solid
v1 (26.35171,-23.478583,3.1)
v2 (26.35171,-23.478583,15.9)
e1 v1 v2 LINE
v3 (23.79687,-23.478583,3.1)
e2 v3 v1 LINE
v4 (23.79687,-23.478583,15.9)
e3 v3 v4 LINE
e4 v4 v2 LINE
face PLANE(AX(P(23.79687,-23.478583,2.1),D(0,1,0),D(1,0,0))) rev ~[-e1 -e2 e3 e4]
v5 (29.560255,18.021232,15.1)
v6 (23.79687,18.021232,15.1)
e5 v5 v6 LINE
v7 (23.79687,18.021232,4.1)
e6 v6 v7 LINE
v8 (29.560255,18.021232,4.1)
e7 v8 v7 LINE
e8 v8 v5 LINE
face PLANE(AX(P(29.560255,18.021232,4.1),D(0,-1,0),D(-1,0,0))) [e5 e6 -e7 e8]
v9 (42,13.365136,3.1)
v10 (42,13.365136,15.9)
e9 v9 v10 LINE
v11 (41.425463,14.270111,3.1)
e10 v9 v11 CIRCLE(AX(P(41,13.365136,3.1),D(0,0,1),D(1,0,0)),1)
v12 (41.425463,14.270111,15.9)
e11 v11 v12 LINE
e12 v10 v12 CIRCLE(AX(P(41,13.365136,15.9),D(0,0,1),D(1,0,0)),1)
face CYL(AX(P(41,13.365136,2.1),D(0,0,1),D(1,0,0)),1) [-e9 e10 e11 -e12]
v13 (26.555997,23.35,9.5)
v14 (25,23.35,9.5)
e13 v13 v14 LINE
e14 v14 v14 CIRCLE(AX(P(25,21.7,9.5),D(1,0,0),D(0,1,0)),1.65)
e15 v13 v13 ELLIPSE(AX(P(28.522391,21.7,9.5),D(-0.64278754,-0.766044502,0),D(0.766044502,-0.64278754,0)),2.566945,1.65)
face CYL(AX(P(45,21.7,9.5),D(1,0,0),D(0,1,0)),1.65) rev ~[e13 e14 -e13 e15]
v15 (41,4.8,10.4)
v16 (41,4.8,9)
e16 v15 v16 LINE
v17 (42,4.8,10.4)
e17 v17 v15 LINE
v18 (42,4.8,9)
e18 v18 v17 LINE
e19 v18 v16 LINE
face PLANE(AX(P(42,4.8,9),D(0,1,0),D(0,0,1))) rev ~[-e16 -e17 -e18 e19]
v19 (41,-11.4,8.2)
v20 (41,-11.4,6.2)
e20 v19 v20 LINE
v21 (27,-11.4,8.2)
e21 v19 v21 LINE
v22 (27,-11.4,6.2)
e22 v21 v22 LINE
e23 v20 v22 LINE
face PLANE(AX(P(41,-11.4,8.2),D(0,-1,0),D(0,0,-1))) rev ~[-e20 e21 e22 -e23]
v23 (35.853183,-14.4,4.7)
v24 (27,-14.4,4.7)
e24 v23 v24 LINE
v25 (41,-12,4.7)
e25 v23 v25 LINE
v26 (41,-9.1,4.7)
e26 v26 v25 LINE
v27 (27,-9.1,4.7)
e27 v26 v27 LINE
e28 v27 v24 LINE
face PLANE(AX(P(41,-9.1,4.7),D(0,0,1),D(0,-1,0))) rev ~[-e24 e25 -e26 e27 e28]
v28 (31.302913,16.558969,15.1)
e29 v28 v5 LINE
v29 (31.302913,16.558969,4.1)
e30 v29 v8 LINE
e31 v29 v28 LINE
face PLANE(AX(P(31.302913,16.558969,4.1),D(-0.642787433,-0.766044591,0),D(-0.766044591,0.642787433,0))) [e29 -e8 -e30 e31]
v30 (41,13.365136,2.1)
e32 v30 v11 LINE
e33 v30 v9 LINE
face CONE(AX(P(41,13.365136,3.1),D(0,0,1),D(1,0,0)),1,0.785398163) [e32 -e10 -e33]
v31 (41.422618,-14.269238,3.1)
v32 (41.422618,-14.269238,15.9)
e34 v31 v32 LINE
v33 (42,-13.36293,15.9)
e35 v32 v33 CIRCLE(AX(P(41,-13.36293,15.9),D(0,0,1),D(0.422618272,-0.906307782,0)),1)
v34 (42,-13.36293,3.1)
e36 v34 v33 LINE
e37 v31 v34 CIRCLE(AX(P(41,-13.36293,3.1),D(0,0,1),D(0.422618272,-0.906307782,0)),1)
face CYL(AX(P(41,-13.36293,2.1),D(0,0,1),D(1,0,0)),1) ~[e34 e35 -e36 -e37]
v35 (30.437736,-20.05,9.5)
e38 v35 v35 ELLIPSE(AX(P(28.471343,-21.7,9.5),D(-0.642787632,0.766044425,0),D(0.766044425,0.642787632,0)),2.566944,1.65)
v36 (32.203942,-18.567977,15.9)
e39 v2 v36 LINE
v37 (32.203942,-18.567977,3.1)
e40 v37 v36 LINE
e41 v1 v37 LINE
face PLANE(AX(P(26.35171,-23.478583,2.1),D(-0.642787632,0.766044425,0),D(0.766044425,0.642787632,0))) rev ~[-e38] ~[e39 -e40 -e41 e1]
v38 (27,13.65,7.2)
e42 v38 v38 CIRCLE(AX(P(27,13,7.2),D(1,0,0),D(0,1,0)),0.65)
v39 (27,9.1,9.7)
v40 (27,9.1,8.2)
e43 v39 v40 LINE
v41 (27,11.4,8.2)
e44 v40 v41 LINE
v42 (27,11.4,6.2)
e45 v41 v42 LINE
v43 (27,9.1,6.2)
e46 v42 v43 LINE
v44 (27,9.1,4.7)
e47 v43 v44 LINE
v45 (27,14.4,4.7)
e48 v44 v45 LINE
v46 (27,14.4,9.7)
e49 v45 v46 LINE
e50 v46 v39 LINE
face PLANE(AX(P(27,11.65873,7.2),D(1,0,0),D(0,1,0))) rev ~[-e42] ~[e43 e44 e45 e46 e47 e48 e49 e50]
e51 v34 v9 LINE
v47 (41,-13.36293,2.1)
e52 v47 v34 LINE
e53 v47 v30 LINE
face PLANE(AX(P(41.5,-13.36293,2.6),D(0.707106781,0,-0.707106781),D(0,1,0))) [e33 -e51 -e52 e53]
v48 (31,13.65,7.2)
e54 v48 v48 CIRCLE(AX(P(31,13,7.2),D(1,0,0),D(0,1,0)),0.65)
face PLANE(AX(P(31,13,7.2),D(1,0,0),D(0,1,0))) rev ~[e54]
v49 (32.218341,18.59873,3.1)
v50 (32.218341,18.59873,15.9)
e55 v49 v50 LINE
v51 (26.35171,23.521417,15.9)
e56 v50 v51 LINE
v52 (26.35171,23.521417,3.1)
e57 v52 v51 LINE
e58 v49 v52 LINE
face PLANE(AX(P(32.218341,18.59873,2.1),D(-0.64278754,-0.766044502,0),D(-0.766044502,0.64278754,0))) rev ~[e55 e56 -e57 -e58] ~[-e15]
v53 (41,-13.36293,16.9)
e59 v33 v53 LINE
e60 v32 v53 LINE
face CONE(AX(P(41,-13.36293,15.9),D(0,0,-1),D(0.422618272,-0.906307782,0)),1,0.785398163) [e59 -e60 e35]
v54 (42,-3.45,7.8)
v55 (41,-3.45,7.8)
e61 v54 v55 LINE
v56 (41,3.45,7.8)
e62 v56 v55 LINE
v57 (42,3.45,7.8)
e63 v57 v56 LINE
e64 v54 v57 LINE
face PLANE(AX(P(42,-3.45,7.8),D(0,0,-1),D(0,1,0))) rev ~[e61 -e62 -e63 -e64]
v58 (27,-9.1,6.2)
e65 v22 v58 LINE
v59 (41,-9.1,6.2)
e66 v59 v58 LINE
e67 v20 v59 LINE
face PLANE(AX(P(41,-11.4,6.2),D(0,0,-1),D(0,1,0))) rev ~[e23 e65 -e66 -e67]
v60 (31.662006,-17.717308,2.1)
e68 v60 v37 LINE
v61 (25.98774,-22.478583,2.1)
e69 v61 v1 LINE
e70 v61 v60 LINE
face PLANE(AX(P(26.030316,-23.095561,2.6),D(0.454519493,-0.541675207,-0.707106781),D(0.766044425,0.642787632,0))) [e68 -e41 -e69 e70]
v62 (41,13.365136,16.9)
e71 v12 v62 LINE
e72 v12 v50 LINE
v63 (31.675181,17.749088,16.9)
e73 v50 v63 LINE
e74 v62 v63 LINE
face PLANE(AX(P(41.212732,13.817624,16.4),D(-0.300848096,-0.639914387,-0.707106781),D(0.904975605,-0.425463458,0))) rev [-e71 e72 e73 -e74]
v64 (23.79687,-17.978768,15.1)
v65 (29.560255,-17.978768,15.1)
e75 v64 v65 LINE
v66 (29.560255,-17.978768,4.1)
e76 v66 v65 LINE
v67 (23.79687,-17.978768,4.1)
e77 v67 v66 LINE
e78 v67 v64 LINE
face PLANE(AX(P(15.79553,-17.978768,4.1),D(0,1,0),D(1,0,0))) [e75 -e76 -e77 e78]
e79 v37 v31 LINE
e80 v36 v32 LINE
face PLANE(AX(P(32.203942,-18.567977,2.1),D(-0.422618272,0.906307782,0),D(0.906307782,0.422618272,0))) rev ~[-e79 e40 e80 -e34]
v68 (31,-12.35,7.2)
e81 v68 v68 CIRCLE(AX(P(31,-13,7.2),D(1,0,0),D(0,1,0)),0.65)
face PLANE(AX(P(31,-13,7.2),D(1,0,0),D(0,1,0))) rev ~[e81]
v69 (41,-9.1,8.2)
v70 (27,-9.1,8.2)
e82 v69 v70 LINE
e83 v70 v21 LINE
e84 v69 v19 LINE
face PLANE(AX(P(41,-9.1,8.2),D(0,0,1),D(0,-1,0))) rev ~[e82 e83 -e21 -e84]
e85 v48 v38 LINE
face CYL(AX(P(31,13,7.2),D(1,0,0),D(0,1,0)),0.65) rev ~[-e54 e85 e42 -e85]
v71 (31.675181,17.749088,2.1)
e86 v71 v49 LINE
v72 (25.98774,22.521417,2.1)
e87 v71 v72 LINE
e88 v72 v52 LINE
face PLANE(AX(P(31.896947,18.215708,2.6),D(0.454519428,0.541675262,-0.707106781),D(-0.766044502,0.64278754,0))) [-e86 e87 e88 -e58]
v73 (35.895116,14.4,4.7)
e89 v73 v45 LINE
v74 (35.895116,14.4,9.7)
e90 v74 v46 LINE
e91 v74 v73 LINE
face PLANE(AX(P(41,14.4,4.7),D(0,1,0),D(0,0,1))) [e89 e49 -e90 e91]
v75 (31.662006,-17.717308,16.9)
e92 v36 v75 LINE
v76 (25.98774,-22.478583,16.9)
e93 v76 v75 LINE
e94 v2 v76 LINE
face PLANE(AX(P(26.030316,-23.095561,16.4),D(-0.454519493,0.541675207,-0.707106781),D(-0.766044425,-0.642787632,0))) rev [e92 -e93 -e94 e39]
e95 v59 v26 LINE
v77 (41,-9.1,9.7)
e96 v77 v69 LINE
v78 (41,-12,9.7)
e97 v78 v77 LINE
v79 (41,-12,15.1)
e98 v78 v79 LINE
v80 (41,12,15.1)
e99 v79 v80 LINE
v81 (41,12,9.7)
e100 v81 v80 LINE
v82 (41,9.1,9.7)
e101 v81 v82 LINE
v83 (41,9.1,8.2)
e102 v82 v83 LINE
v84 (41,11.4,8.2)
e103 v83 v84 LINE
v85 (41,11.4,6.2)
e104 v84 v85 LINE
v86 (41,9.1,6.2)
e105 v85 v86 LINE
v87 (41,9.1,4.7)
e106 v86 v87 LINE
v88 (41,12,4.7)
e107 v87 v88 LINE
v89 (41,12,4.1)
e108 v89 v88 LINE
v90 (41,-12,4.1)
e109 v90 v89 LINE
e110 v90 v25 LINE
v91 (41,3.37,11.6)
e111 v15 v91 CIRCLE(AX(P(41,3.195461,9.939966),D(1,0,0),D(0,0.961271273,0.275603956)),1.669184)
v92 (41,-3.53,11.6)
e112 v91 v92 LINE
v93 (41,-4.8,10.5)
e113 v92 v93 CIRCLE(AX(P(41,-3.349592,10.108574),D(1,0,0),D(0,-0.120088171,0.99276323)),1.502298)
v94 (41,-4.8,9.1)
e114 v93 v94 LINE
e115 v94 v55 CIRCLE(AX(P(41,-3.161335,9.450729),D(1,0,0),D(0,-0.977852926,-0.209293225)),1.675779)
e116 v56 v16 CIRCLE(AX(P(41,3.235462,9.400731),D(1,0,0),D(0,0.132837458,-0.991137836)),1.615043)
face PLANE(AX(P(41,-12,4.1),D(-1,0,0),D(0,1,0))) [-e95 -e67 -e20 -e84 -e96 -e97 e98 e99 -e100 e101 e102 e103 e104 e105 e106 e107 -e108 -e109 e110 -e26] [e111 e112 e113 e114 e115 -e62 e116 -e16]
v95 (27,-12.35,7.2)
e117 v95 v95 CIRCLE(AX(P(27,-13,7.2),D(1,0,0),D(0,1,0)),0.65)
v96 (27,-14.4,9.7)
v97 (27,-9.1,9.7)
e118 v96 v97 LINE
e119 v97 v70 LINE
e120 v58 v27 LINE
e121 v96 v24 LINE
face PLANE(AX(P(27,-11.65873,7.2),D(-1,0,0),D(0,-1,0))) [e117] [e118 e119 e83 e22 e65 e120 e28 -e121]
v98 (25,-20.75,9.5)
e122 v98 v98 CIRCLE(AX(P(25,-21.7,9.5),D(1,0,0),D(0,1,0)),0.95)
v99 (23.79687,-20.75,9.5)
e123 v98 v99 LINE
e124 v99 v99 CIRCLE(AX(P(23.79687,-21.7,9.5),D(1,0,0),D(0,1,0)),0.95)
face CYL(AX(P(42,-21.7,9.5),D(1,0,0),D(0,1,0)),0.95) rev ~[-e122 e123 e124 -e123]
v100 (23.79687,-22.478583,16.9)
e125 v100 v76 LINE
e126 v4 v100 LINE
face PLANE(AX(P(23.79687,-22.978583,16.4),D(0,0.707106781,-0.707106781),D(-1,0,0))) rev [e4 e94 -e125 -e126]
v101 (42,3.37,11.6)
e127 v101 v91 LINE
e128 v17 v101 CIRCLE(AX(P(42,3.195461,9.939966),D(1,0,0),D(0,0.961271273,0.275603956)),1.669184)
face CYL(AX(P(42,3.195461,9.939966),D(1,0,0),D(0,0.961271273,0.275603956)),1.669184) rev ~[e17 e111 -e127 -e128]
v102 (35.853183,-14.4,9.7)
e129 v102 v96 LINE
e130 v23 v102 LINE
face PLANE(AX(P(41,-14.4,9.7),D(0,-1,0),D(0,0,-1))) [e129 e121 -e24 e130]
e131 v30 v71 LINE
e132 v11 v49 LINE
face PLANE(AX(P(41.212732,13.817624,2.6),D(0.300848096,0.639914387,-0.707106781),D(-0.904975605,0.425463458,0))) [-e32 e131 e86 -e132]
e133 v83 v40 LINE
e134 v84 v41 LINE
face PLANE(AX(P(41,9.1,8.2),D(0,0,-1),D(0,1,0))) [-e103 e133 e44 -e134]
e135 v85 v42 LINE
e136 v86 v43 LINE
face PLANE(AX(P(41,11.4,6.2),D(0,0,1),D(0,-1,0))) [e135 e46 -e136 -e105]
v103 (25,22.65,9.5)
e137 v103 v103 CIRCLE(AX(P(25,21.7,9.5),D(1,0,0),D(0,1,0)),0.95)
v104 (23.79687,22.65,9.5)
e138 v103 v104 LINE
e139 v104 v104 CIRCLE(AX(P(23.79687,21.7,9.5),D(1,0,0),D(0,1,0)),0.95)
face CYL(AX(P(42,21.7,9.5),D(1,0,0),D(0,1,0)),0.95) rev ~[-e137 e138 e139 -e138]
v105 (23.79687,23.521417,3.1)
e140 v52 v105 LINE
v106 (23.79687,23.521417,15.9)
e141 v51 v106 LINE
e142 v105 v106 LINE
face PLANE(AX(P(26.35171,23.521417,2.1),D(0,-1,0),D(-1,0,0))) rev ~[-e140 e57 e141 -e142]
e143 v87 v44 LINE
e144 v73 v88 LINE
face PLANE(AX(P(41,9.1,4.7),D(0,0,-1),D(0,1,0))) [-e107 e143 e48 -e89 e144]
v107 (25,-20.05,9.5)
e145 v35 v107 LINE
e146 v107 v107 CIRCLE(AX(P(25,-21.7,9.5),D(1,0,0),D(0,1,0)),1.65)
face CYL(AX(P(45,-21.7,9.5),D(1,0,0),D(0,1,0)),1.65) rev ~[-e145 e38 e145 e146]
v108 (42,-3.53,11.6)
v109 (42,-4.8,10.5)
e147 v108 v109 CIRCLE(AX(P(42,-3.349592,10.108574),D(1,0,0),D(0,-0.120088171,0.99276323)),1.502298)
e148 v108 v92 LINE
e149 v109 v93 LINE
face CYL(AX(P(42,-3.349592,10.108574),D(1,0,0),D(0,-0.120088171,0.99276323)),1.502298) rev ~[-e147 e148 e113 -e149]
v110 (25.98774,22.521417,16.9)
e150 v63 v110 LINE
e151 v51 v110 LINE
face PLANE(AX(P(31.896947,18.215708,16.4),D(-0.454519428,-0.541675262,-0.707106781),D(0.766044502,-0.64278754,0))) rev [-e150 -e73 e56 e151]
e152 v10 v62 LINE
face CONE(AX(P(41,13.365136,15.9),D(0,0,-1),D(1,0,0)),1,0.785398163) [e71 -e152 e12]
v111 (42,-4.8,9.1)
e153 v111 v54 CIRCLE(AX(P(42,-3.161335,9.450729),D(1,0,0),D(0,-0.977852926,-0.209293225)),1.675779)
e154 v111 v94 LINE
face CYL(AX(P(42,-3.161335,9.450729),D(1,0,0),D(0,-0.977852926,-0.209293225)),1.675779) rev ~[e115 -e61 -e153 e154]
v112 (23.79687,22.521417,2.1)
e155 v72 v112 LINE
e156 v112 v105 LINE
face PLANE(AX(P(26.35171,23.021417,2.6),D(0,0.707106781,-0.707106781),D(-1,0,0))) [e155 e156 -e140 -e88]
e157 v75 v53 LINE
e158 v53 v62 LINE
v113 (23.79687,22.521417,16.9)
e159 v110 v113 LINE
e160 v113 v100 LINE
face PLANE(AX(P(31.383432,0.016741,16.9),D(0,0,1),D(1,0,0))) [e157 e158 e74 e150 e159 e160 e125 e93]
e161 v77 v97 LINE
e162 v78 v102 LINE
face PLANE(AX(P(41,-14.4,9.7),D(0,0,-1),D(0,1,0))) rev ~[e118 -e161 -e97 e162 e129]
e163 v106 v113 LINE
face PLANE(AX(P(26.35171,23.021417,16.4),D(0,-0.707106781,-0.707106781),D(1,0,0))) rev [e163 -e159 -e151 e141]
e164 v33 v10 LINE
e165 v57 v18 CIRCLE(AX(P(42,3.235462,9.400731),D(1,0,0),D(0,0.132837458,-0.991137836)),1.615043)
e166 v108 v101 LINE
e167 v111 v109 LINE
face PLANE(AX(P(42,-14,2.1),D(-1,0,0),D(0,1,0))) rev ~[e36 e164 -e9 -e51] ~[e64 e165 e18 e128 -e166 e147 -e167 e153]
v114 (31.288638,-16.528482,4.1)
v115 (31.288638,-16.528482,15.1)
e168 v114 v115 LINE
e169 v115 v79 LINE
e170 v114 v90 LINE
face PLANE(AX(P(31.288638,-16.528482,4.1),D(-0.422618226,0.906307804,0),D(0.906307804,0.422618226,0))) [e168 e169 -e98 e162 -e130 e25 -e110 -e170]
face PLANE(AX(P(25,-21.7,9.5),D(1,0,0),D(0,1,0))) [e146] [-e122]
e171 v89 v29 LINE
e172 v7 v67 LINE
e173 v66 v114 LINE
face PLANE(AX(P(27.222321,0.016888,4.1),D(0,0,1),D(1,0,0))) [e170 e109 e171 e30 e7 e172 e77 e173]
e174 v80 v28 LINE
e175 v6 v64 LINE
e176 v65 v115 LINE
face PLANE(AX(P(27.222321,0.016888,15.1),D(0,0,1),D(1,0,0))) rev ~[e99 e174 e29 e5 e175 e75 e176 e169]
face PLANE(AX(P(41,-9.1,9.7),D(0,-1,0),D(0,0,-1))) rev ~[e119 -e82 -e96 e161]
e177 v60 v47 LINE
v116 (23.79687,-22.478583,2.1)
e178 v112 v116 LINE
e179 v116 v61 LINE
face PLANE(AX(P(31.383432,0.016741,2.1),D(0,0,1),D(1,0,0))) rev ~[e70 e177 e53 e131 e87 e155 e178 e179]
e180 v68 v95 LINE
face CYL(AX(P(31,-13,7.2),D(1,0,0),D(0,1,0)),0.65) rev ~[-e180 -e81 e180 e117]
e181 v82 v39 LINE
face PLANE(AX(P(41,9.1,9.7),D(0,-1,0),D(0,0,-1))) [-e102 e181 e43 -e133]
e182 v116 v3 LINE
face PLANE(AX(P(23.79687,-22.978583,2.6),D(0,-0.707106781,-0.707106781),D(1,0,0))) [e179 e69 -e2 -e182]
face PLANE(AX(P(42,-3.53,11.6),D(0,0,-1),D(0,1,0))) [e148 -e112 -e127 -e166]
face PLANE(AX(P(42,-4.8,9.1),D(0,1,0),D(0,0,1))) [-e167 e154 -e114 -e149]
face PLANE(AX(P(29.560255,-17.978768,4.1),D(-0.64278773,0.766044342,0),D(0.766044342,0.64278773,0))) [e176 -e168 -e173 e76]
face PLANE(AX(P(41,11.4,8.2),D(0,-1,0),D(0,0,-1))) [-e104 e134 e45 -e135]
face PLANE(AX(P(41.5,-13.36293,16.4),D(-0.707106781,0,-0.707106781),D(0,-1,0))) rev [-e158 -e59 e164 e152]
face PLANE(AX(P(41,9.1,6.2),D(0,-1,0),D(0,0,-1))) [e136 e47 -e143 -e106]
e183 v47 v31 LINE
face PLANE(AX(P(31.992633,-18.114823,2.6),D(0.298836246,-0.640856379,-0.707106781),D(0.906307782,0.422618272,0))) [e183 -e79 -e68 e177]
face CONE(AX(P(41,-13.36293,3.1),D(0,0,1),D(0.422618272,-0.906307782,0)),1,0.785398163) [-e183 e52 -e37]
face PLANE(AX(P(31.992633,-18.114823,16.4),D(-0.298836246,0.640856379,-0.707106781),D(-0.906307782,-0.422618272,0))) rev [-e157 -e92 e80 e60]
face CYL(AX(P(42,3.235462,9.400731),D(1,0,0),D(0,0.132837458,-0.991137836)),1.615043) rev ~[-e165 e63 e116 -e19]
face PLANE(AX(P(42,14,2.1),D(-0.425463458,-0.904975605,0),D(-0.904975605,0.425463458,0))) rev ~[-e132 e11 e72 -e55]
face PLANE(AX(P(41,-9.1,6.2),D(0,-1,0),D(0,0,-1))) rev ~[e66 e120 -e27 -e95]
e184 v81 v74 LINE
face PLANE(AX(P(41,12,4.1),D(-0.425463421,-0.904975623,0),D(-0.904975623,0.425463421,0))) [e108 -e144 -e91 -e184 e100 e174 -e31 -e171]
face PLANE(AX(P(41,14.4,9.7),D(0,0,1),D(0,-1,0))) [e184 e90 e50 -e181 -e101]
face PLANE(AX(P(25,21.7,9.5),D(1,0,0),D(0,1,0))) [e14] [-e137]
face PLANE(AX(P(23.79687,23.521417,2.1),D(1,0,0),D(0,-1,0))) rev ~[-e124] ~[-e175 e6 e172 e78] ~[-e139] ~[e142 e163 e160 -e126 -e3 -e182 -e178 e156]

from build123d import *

# Parameters (mm, degrees)
PAD022_DEPTH    = 14.8
POCKET021_DEPTH = 11
PAD023_DEPTH    = 14
POCKET022_DEPTH = 2
SKETCH053_R     = 0.95
POCKET023_DEPTH = 22
SKETCH054_R     = 1.65
POCKET024_DEPTH = 20
FILLET006_R     = 1
CHAMFER022_SIZE = 1
SKETCH055_R     = 0.65
POCKET025_DEPTH = 5


with BuildPart() as part:
    # Sketch049 → Pad022 (new body)
    with BuildSketch(Plane.XY.offset(2.1)):
        Polygon((0, 0), (0, 14), (-9.781659, 18.59873), (-15.64829, 23.521417), (-18.20313, 23.521417), (-18.20313, -23.478583), (-15.64829, -23.478583), (-9.796058, -18.567977), (0, -14), align=None)
    extrude(amount=PAD022_DEPTH)

    # Sketch050 → Pocket021 (cut)
    with BuildSketch(Plane(origin=(-1, 0, 4.1), x_dir=(1, 0, 0), z_dir=(0, 0, 1))):
        Polygon((0, 0), (0, 12), (-9.697087, 16.558969), (-11.439745, 18.021232), (-25.20447, 18.021232), (-25.20447, -17.978768), (-11.439745, -17.978768), (-9.711362, -16.528482), (0, -12), align=None)
    extrude(amount=POCKET021_DEPTH, mode=Mode.SUBTRACT)

    # Sketch051 → Pad023 (join)
    with BuildSketch(Plane(origin=(-1, 0, 7.2), x_dir=(0, 1, 0), z_dir=(1, 0, 0))):
        Polygon((-14.4, 0), (-14.4, 2.5), (-9.1, 2.5), (-9.1, 1), (-11.4, 1), (-11.4, -1), (-9.1, -1), (-9.1, -2.5), (-14.4, -2.5), align=None)
        Polygon((9.1, 1), (11.4, 1), (11.4, 0), (11.4, -1), (9.1, -1), (9.1, -2.5), (14.4, -2.5), (14.4, 2.5), (9.1, 2.5), align=None)
    extrude(amount=-PAD023_DEPTH)

    # Sketch052 → Pocket022 (cut)
    with BuildSketch(Plane(origin=(0, 0, 9.7), x_dir=(0, 1, 0), z_dir=(1, 0, 0))):
        with BuildLine():
            Line((-3.53, 1.9), (3.37, 1.9))
            ThreePointArc((4.8, 0.7), (4.268438, 1.518597), (3.37, 1.9))
            Line((4.8, -0.7), (4.8, 0.7))
            ThreePointArc((3.45, -1.9), (4.308438, -1.506368), (4.8, -0.7))
            Line((-3.45, -1.9), (3.45, -1.9))
            ThreePointArc((-4.8, -0.6), (-4.323725, -1.456368), (-3.45, -1.9))
            Line((-4.8, -0.6), (-4.8, 0.8))
            ThreePointArc((-3.53, 1.9), (-4.333152, 1.544139), (-4.8, 0.8))
        make_face()
    extrude(amount=-POCKET022_DEPTH, mode=Mode.SUBTRACT)

    # Sketch053 → Pocket023 (cut)
    with BuildSketch(Plane.YZ):
        with Locations((-21.7, 9.5)):
            Circle(SKETCH053_R)
        with Locations((21.7, 9.5)):
            Circle(SKETCH053_R)
    extrude(amount=-POCKET023_DEPTH, mode=Mode.SUBTRACT)

    # Sketch054 → Pocket024 (cut)
    with BuildSketch(Plane.YZ.offset(3)):
        with Locations((-21.7, 9.5)):
            Circle(SKETCH054_R)
        with Locations((21.7, 9.5)):
            Circle(SKETCH054_R)
    extrude(amount=-POCKET024_DEPTH, mode=Mode.SUBTRACT)

    # Fillet006
    fillet006_edges = [part.edges().sort_by_distance(p)[0] for p in [
        (0, -14, 9.5),
        (0, 14, 9.5),
    ]]
    fillet(fillet006_edges, radius=FILLET006_R)

    # Chamfer022
    chamfer022_edges = [part.edges().sort_by_distance(p)[0] for p in [
        (-12.714975, 21.060074, 2.1),
        (-16.92571, 23.521417, 2.1),
        (-5.178098, 16.434421, 2.1),
        (0, 6.682568, 2.1),
        (-0.155766, 13.90111, 2.1),
        (0, -6.681465, 2.1),
        (-12.722174, -21.02328, 2.1),
        (-16.92571, -23.478583, 2.1),
        (-5.18672, -16.418607, 2.1),
        (-0.156609, -13.900229, 2.1),
        (-16.92571, -23.478583, 16.9),
        (-12.722174, -21.02328, 16.9),
        (-5.18672, -16.418607, 16.9),
        (-0.156609, -13.900229, 16.9),
        (0, -6.681465, 16.9),
        (0, 6.682568, 16.9),
        (-5.178098, 16.434421, 16.9),
        (-0.155766, 13.90111, 16.9),
        (-12.714975, 21.060074, 16.9),
        (-16.92571, 23.521417, 16.9),
    ]]
    chamfer(chamfer022_edges, length=CHAMFER022_SIZE)

    # Sketch055 → Pocket025 (cut)
    with BuildSketch(Plane.YZ.offset(-11)):
        with Locations((-13, 7.2)):
            Circle(SKETCH055_R)
        with Locations((13, 7.2)):
            Circle(SKETCH055_R)
    extrude(amount=-POCKET025_DEPTH, mode=Mode.SUBTRACT)


with BuildPart() as part_1:
    # Body018 placement: moved
    add(part.part.moved(Location((42, 0, 0))))


solid = part_1.part
